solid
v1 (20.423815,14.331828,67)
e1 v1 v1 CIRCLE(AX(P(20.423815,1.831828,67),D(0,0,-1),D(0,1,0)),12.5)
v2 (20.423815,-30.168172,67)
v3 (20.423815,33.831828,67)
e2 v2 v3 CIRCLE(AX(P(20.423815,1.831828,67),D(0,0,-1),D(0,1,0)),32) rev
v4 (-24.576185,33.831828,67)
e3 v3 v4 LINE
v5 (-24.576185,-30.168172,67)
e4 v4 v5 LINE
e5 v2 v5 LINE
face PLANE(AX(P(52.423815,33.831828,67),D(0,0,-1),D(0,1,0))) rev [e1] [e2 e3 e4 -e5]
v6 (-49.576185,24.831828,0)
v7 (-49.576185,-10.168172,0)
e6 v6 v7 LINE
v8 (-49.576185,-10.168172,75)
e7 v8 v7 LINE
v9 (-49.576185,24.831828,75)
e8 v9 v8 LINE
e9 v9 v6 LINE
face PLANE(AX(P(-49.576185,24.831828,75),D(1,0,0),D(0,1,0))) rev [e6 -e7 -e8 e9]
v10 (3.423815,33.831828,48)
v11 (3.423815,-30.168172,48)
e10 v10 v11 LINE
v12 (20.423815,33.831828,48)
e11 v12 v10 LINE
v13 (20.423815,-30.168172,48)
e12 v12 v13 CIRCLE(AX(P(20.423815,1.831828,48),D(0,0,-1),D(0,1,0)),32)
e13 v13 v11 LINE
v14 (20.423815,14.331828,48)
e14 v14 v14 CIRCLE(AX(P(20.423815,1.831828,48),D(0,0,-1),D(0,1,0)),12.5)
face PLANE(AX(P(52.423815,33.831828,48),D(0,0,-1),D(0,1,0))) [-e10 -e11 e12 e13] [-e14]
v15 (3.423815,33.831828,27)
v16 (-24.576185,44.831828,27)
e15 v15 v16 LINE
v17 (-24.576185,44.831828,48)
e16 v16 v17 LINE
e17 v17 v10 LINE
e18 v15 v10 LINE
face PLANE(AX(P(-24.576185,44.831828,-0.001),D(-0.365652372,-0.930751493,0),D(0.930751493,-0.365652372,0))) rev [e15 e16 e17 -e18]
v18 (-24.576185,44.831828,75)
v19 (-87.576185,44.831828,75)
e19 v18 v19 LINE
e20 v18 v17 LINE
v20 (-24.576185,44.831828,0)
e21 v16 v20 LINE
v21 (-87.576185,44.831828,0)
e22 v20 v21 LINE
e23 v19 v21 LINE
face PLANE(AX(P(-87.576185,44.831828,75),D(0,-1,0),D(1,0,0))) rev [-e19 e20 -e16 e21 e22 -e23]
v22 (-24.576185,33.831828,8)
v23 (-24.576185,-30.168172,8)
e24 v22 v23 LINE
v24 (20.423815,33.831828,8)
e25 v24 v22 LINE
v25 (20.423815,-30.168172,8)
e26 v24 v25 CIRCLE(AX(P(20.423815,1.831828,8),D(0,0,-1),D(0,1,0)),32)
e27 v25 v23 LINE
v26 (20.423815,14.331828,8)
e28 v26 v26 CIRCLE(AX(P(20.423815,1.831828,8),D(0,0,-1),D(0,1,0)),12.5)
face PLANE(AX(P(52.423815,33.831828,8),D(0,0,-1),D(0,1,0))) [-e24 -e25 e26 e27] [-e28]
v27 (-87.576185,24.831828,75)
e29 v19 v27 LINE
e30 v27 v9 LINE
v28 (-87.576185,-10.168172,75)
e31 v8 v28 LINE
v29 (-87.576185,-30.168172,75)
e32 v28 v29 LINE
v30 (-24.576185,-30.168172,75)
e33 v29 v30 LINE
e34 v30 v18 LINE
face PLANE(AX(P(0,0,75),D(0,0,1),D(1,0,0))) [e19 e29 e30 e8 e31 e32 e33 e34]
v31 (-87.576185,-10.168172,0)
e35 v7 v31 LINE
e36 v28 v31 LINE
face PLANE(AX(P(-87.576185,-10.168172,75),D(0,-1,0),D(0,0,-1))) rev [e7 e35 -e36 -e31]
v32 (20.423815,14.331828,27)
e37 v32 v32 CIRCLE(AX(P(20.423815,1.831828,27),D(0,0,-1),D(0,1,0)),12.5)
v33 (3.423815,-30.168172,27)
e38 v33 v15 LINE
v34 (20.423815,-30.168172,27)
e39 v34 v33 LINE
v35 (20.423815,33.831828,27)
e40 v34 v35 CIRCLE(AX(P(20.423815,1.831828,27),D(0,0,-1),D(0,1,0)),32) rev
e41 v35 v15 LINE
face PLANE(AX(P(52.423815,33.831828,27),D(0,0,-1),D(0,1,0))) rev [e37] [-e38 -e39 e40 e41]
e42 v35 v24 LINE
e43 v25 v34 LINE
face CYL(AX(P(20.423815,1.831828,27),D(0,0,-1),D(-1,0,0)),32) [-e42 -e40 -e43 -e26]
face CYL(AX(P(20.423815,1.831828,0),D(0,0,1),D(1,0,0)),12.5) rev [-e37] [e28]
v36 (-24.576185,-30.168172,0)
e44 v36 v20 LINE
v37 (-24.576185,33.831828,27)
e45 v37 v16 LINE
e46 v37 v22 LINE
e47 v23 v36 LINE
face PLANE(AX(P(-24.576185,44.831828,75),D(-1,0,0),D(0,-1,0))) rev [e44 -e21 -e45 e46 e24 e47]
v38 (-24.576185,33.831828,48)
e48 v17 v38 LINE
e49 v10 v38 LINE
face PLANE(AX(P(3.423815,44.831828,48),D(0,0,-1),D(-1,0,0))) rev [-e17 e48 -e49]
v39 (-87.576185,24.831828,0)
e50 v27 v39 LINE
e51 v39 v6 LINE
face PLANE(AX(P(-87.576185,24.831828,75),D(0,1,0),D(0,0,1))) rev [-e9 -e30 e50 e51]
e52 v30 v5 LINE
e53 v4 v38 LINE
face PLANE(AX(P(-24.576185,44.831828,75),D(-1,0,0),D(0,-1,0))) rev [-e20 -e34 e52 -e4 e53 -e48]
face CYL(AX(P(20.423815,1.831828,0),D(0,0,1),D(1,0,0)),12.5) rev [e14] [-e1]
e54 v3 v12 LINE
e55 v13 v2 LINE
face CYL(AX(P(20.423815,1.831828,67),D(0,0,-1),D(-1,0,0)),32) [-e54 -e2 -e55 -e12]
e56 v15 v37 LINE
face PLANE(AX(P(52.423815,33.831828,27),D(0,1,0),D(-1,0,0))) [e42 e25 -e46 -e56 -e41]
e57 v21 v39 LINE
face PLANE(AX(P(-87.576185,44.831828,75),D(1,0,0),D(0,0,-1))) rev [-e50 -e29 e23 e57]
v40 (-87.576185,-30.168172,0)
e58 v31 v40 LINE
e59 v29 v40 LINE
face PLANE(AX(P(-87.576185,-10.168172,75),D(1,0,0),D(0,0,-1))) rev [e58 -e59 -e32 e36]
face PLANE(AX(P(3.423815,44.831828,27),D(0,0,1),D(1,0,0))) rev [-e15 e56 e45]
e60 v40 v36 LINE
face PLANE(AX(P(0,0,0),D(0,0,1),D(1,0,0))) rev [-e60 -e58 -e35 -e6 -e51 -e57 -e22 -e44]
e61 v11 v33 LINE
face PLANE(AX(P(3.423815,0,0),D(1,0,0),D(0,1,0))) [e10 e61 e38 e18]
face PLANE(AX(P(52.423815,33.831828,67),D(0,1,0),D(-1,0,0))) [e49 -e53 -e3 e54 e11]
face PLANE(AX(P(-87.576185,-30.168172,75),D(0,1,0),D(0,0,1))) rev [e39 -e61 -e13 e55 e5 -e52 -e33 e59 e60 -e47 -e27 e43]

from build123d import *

# Parameters (mm, degrees)
Y_KSEKLIK_EKSTR_ZYON1_DEPTH = 75
IZIM3_W                     = 19
IZIM3_H                     = 64
Y_KSEKLIK_EKSTR_ZYON6_DEPTH = 77
RADYUS1_RADIUS              = 32
RADYUS1_LENGTH              = 19
RADYUS2_RADIUS              = 32
RADYUS2_LENGTH              = 19
KES_EKSTR_ZYON1_DEPTH       = 120.031428784
KES_EKSTR_ZYON1_DEPTH_BACK  = 120.031428784
IZIM4_R                     = 12.5
IZIM6_W                     = 21
IZIM6_H                     = 75
Y_KSEKLIK_EKSTR_ZYON7_DEPTH = 28
KES_EKSTR_ZYON3_REACH       = 111.469


with BuildPart() as part:
    # Çizim1 → Yükseklik-Ekstrüzyon1 (new body)
    with BuildSketch(Plane.XY):
        Polygon((-87.576185102, -10.168171558), (-87.576185102, -30.168171558), (-24.576185102, -30.168171558), (-24.576185102, 44.831828442), (-87.576185102, 44.831828442), (-87.576185102, 24.831828442), (-49.576185102, 24.831828442), (-49.576185102, -10.168171558), align=None)
    extrude(amount=Y_KSEKLIK_EKSTR_ZYON1_DEPTH)

    # Çizim3 → Yükseklik-Ekstrüzyon6 (add)
    with BuildSketch(Plane(origin=(-24.576185102, 0, 0), x_dir=(0, 0, -1), z_dir=(1, 0, 0))):
        with Locations((-57.5, 1.831828442)):
            Rectangle(IZIM3_W, IZIM3_H)
        with Locations((-17.5, 1.831828442)):
            Rectangle(IZIM3_W, IZIM3_H)
    extrude(amount=Y_KSEKLIK_EKSTR_ZYON6_DEPTH)

    # Radyus1: full round fillet: the end face becomes a half cylinder, R = half its width
    radyus1_face = Plane((52.423814898, 1.831828442, 57.5), x_dir=(0, 0, 1), z_dir=(1, 0, 0))  # on the end face: x along it, z out of the body
    radyus1_slab = radyus1_face.offset(-RADYUS1_RADIUS / 2) * Box(RADYUS1_LENGTH, 2 * RADYUS1_RADIUS, RADYUS1_RADIUS, mode=Mode.PRIVATE)  # the body's end, R deep
    radyus1_round = Plane((20.423814898, 1.831828442, 57.5), x_dir=(1, 0, 0), z_dir=(0, 0, 1)) * Cylinder(RADYUS1_RADIUS, RADYUS1_LENGTH, mode=Mode.PRIVATE)  # its axis R under the face
    add(radyus1_slab - radyus1_round, mode=Mode.SUBTRACT)

    # Radyus2: full round fillet: the end face becomes a half cylinder, R = half its width
    radyus2_face = Plane((52.423814898, 1.831828442, 17.5), x_dir=(0, 0, 1), z_dir=(1, 0, 0))  # on the end face: x along it, z out of the body
    radyus2_slab = radyus2_face.offset(-RADYUS2_RADIUS / 2) * Box(RADYUS2_LENGTH, 2 * RADYUS2_RADIUS, RADYUS2_RADIUS, mode=Mode.PRIVATE)  # the body's end, R deep
    radyus2_round = Plane((20.423814898, 1.831828442, 17.5), x_dir=(1, 0, 0), z_dir=(0, 0, 1)) * Cylinder(RADYUS2_RADIUS, RADYUS2_LENGTH, mode=Mode.PRIVATE)  # its axis R under the face
    add(radyus2_slab - radyus2_round, mode=Mode.SUBTRACT)

    # Çizim4 → Kes-Ekstrüzyon1 (cut, two sides: drawn at the far end of the back side and taken through both)
    with BuildSketch(Plane.XY.offset(67).offset(-KES_EKSTR_ZYON1_DEPTH_BACK)):
        with Locations(Location((20.423814898, 1.831828442, 0), (0, 0, 90))):
            Circle(IZIM4_R)
    extrude(amount=KES_EKSTR_ZYON1_DEPTH + KES_EKSTR_ZYON1_DEPTH_BACK, mode=Mode.SUBTRACT)

    # Çizim6 → Yükseklik-Ekstrüzyon7 (add)
    with BuildSketch(Plane(origin=(-24.576185102, 0, 0), x_dir=(0, 0, -1), z_dir=(1, 0, 0))):
        with Locations((-37.5, 7.331828442)):
            Rectangle(IZIM6_W, IZIM6_H)
    extrude(amount=Y_KSEKLIK_EKSTR_ZYON7_DEPTH)

    # Çizim7 → Kes-Ekstrüzyon3 (cut, up to next)
    with BuildSketch(Plane.XY.offset(48), mode=Mode.PRIVATE) as kes_ekstr_zyon3_sk1:
        Polygon((-24.576185102, 44.831828442), (3.423814898, 33.831828442), (3.423814898, 44.831828442), align=None)
    kes_ekstr_zyon3_tool1 = extrude(kes_ekstr_zyon3_sk1.sketch, amount=-KES_EKSTR_ZYON3_REACH, mode=Mode.PRIVATE) & part.part
    add(kes_ekstr_zyon3_tool1.solids().sort_by_distance((-5.909518, 41.165162, 48))[0], mode=Mode.SUBTRACT)


solid = part.part
